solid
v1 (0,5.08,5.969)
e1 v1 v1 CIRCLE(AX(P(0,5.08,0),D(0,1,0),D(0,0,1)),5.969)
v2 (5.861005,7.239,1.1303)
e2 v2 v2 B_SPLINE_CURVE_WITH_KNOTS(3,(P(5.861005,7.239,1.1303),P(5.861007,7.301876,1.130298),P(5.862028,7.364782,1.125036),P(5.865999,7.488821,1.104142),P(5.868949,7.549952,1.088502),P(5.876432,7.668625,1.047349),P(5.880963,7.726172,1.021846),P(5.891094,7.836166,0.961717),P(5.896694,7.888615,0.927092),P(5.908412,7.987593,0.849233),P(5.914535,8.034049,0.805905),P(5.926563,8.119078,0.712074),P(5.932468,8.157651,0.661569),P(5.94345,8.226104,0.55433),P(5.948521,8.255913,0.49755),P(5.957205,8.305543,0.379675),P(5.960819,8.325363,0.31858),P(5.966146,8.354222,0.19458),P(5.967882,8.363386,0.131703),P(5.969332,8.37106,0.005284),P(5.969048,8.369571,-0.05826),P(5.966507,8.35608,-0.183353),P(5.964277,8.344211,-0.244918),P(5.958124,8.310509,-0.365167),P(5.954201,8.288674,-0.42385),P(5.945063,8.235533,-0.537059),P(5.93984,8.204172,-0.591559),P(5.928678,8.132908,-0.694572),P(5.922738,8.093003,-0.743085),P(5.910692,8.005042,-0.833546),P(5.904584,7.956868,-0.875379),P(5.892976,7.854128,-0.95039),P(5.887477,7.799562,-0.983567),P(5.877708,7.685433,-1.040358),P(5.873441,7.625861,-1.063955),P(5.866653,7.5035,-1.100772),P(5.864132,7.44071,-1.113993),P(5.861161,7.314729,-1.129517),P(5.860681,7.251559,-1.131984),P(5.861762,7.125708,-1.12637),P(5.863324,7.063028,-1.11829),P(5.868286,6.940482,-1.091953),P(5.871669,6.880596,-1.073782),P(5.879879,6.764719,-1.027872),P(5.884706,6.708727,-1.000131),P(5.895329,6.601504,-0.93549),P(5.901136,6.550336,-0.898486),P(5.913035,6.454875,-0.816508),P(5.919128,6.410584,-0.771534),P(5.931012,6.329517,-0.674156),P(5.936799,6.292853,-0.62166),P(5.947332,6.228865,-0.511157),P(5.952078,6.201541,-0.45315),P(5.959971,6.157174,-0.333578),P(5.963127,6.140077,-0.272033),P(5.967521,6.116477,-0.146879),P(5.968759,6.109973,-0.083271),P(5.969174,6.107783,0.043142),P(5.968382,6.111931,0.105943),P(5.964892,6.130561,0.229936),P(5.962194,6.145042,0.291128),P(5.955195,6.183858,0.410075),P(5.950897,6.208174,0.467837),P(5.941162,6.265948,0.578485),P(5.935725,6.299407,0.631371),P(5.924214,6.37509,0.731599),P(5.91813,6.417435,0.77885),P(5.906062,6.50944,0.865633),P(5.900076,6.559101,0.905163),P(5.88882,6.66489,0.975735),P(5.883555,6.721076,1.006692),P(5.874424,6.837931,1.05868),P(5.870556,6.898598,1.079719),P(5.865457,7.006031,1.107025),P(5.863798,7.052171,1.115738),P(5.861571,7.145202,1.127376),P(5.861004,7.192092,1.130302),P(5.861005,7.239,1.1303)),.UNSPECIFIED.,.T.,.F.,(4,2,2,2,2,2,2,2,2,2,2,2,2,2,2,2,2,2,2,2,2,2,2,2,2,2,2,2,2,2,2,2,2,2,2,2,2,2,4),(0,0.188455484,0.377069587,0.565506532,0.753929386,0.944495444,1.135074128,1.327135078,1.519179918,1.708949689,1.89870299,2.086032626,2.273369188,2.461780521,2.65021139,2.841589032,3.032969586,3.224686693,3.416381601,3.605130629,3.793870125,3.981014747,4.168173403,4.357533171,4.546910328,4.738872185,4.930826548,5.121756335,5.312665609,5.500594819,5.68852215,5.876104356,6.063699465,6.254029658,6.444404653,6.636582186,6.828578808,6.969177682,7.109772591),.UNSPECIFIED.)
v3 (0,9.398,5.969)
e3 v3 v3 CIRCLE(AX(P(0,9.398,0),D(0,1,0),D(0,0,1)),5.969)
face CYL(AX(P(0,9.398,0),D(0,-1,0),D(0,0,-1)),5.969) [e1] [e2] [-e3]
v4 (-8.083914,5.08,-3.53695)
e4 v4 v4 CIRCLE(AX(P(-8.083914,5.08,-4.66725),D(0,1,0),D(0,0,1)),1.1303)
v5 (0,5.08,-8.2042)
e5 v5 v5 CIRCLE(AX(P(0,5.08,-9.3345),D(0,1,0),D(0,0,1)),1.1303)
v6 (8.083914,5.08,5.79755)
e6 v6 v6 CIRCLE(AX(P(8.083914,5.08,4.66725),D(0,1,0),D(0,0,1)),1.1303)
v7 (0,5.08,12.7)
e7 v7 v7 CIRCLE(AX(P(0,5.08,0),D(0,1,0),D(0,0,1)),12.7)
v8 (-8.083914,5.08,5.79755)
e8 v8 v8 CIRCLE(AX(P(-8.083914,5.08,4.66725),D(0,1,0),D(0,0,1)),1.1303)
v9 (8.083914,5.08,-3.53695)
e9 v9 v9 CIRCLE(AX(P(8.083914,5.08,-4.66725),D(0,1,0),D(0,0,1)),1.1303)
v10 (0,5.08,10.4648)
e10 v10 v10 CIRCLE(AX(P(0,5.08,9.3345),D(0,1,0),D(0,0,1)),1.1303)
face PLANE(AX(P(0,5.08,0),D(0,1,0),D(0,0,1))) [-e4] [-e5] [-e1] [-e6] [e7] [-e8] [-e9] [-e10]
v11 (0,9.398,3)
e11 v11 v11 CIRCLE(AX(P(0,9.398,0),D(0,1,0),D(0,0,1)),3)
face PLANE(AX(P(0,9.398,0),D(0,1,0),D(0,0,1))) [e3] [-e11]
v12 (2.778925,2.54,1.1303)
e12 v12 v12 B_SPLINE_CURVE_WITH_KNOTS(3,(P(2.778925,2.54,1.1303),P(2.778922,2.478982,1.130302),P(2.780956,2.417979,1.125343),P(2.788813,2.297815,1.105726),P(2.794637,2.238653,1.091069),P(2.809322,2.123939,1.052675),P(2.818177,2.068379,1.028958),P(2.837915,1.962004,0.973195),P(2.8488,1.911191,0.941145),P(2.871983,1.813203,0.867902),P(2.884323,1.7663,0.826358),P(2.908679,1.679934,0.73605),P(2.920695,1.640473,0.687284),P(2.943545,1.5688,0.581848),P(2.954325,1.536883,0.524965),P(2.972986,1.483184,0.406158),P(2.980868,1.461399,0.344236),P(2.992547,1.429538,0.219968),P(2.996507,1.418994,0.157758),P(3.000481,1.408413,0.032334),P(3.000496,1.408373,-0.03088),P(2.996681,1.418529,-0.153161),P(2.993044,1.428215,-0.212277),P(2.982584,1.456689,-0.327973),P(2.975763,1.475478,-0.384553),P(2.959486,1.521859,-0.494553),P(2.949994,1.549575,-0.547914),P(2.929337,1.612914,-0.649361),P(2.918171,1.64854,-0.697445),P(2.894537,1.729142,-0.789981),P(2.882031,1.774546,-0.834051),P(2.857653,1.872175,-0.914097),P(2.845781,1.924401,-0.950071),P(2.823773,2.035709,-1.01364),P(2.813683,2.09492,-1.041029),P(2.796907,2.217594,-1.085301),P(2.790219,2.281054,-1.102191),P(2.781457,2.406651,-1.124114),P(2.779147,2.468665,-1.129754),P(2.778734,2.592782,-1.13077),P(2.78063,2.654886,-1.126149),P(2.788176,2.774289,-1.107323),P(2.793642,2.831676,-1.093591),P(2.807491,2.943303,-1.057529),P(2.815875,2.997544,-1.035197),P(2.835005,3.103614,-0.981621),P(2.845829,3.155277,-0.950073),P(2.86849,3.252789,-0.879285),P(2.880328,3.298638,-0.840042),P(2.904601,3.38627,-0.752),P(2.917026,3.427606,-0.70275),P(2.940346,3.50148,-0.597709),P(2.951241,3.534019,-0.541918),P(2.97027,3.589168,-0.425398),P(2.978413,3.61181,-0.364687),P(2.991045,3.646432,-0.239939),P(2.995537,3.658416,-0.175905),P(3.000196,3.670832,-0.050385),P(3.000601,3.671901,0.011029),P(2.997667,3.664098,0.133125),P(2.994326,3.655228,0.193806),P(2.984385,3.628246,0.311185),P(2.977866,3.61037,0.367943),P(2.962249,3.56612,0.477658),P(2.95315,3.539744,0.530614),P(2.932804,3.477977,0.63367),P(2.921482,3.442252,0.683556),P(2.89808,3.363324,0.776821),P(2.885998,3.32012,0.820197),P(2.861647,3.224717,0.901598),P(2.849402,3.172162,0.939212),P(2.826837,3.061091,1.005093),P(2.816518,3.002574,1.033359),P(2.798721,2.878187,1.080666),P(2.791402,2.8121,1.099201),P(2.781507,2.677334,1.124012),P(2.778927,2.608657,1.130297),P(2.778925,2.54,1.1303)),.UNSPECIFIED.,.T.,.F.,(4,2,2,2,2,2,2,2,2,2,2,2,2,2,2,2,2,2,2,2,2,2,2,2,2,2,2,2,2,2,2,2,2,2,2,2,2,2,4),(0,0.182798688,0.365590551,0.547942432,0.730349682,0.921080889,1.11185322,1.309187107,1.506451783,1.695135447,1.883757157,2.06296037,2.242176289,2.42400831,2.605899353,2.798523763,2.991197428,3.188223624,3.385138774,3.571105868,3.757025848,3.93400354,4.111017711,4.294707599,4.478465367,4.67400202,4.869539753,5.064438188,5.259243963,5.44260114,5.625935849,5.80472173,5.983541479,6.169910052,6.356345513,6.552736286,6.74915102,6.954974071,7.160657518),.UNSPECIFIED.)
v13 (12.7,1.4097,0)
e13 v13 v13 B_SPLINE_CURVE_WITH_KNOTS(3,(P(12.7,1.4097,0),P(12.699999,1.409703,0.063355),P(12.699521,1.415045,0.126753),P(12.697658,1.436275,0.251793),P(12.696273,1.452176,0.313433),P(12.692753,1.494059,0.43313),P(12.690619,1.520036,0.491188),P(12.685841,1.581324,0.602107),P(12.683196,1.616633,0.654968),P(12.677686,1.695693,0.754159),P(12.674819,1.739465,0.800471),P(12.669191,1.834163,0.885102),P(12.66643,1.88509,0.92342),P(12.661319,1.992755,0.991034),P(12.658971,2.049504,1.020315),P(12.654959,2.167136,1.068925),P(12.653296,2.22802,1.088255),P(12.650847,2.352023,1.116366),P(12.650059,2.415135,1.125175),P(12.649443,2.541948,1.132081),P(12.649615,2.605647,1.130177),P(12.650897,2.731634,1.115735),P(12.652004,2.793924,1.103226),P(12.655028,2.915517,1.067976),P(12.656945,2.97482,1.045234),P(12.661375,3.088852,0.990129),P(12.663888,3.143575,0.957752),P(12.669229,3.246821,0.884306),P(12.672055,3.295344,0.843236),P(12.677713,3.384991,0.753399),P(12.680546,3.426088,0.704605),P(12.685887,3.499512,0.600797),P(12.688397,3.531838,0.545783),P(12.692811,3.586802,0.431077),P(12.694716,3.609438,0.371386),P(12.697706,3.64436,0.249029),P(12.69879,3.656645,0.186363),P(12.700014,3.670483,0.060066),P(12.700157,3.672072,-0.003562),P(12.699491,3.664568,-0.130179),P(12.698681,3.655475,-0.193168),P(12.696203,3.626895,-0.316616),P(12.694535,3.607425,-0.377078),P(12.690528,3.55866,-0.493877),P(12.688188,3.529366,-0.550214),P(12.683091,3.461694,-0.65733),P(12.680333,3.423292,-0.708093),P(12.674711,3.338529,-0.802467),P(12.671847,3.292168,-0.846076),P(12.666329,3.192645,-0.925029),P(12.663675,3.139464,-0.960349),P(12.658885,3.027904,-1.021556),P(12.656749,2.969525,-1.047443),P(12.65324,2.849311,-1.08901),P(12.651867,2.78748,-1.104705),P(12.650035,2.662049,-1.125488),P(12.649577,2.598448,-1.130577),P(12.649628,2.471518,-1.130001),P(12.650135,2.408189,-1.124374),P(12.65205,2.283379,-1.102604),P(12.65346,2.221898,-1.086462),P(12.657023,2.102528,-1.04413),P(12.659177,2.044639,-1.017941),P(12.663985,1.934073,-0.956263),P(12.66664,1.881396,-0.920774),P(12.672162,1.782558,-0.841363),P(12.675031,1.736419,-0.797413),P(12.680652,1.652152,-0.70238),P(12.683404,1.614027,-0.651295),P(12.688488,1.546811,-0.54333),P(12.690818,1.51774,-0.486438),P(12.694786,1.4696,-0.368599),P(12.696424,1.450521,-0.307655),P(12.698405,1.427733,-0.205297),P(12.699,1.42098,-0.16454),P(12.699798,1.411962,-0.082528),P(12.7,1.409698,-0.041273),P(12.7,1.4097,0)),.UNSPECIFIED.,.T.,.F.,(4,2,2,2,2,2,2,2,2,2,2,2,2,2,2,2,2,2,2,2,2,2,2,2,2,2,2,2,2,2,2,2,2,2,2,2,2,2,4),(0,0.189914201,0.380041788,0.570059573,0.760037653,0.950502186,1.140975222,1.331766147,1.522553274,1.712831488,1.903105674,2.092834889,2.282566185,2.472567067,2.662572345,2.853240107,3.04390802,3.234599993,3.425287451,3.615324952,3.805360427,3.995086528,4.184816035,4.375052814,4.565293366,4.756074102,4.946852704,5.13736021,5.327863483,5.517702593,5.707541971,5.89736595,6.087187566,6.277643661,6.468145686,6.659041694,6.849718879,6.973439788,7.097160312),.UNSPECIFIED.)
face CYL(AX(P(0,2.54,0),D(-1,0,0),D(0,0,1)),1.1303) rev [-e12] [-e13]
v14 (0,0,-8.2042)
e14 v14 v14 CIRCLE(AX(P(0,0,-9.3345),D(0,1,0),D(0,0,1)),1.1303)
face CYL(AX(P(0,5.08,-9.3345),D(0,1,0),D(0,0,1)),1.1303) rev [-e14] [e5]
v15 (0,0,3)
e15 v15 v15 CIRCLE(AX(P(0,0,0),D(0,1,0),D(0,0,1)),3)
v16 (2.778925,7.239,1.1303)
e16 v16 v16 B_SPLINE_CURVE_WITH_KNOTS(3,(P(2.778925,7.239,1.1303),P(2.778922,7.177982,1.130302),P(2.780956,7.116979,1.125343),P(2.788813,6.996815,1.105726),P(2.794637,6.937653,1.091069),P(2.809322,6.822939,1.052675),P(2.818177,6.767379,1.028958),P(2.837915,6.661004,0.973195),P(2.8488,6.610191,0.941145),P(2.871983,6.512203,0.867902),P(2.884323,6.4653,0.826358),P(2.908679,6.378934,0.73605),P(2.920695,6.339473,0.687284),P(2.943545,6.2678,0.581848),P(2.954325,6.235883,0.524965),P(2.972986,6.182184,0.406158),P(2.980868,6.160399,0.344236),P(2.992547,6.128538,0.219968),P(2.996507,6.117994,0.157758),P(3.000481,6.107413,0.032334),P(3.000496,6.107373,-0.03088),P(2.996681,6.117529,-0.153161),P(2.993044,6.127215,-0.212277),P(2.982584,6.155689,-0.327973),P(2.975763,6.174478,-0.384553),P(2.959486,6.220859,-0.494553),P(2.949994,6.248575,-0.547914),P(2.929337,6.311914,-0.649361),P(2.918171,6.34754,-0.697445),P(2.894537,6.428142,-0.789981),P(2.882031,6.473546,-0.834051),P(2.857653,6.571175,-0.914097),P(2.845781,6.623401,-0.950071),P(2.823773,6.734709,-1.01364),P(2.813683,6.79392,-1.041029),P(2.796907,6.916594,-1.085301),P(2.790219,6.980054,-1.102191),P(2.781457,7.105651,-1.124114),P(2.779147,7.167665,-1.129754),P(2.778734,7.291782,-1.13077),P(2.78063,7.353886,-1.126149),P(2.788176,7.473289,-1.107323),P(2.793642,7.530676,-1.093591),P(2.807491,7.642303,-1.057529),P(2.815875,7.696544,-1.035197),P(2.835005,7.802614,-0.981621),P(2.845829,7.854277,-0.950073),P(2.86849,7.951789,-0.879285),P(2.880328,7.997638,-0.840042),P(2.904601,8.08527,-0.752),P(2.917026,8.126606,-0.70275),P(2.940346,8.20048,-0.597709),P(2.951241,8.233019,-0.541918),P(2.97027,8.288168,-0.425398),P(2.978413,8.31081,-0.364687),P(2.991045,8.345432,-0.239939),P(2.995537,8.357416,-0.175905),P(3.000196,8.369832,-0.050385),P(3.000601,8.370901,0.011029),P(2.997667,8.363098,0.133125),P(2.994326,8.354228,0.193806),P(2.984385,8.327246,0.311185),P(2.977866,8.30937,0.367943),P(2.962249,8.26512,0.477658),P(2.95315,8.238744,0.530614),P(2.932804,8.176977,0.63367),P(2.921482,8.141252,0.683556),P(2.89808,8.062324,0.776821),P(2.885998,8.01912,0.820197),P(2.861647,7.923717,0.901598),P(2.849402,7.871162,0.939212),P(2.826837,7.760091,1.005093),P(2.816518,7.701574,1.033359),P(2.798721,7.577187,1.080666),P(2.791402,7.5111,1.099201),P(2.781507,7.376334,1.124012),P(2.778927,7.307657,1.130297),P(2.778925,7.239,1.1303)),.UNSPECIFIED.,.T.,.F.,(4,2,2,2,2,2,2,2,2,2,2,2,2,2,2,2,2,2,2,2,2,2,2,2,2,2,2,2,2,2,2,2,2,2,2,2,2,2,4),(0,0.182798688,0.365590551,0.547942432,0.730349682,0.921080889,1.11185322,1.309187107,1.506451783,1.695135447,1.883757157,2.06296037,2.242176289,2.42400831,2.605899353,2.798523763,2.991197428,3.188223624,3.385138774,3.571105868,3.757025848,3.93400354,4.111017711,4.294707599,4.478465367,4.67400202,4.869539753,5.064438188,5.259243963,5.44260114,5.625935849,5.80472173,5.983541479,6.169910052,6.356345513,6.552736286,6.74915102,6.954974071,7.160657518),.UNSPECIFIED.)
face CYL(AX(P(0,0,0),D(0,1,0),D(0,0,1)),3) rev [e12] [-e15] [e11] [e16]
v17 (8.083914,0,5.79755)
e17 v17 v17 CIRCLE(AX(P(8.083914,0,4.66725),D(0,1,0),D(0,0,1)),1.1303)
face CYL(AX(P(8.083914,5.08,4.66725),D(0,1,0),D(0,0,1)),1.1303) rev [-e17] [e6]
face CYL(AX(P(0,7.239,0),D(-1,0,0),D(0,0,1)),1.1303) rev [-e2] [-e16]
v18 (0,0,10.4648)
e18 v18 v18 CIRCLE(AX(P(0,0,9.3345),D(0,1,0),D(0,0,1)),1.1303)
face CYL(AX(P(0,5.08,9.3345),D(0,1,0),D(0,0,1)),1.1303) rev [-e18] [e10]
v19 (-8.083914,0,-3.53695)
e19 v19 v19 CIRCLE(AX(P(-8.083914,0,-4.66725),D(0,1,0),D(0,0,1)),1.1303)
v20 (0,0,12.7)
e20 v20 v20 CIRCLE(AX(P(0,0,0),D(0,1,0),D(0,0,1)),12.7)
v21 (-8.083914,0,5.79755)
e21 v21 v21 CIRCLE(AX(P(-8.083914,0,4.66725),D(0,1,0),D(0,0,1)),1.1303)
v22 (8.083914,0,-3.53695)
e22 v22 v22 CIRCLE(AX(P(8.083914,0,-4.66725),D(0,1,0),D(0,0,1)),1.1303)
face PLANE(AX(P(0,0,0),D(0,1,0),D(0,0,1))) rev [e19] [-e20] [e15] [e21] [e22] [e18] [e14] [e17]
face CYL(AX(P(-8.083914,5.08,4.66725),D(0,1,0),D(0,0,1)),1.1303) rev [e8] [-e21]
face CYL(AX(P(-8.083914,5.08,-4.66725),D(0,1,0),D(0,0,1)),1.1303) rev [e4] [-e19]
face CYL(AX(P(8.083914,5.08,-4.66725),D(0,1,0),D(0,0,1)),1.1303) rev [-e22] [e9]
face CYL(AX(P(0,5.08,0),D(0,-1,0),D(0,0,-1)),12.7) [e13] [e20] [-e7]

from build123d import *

# Parameters (mm, degrees)
SKETCH8_R                      = 12.7
BOSS_EXTRUDE6_DEPTH            = 5.08
SKETCH9_R                      = 5.969
BOSS_EXTRUDE7_DEPTH            = 4.318
F_4_40_TAPPED_HOLE1_D          = 2.2606
CIRPATTERN1_COUNT              = 6
SKETCH12_R                     = 3
CUT_EXTRUDE2_DEPTH             = 21.270727762
SKETCH13_W                     = 1.1303
SKETCH13_H                     = 12.7
F_4_40_TAPPED_HOLE2_AT_2_COUNT = 2
F_4_40_TAPPED_HOLE2_AT_2_PITCH = 4.699


with BuildPart() as part:
    # Sketch8 → Boss-Extrude6 (new body)
    with BuildSketch(Plane(origin=(0, 0, 0), x_dir=(1, 0, 0), z_dir=(0, 1, 0))):
        with Locations(Location((0, 0, 0), (0, 0, 270))):
            Circle(SKETCH8_R)
    extrude(amount=BOSS_EXTRUDE6_DEPTH)

    # Sketch9 → Boss-Extrude7 (add)
    with BuildSketch(Plane(origin=(0, 5.08, 0), x_dir=(1, 0, 0), z_dir=(0, 1, 0))):
        with Locations(Location((0, 0, 0), (0, 0, 270))):
            Circle(SKETCH9_R)
    extrude(amount=BOSS_EXTRUDE7_DEPTH)

    # #4-40 Tapped Hole1 (through all)
    with Locations(Plane(origin=(0, 5.08, 0), x_dir=(1, 0, 0), z_dir=(0, 1, 0))):
        with Locations((0, 9.3345)):
            f_4_40_tapped_hole1 = Hole(F_4_40_TAPPED_HOLE1_D / 2)

    # CirPattern1: #4-40 Tapped Hole1 ×6 about axis
    cirpattern1_axis = Axis((0, 0, 0), (0, 1, 0))
    for i in range(1, CIRPATTERN1_COUNT):
        add(f_4_40_tapped_hole1.rotate(cirpattern1_axis, i * 360 / CIRPATTERN1_COUNT), mode=Mode.SUBTRACT)

    # Sketch12 → Cut-Extrude2 (cut, through all)
    with BuildSketch(Plane(origin=(0, 9.398, 0), x_dir=(1, 0, 0), z_dir=(0, 1, 0))):
        with Locations(Location((0, 0, 0), (0, 0, 270))):
            Circle(SKETCH12_R)
    extrude(amount=-CUT_EXTRUDE2_DEPTH, mode=Mode.SUBTRACT)

    # Sketch13 → #4-40 Tapped Hole2 (revolve, cut)
    with BuildSketch(Plane.ZX.offset(7.239)):
        with Locations((0.56515, 6.35)):
            Rectangle(SKETCH13_W, SKETCH13_H)
    f_4_40_tapped_hole2 = revolve(axis=Axis((-6.35, 7.239, 0), (1, 0, 0)), mode=Mode.SUBTRACT)

    # #4-40 Tapped Hole2 at 2: #4-40 Tapped Hole2 ×2
    with Locations(*[(0, -i * F_4_40_TAPPED_HOLE2_AT_2_PITCH, 0) for i in range(1, F_4_40_TAPPED_HOLE2_AT_2_COUNT)]):
        add(f_4_40_tapped_hole2, mode=Mode.SUBTRACT)


solid = part.part
